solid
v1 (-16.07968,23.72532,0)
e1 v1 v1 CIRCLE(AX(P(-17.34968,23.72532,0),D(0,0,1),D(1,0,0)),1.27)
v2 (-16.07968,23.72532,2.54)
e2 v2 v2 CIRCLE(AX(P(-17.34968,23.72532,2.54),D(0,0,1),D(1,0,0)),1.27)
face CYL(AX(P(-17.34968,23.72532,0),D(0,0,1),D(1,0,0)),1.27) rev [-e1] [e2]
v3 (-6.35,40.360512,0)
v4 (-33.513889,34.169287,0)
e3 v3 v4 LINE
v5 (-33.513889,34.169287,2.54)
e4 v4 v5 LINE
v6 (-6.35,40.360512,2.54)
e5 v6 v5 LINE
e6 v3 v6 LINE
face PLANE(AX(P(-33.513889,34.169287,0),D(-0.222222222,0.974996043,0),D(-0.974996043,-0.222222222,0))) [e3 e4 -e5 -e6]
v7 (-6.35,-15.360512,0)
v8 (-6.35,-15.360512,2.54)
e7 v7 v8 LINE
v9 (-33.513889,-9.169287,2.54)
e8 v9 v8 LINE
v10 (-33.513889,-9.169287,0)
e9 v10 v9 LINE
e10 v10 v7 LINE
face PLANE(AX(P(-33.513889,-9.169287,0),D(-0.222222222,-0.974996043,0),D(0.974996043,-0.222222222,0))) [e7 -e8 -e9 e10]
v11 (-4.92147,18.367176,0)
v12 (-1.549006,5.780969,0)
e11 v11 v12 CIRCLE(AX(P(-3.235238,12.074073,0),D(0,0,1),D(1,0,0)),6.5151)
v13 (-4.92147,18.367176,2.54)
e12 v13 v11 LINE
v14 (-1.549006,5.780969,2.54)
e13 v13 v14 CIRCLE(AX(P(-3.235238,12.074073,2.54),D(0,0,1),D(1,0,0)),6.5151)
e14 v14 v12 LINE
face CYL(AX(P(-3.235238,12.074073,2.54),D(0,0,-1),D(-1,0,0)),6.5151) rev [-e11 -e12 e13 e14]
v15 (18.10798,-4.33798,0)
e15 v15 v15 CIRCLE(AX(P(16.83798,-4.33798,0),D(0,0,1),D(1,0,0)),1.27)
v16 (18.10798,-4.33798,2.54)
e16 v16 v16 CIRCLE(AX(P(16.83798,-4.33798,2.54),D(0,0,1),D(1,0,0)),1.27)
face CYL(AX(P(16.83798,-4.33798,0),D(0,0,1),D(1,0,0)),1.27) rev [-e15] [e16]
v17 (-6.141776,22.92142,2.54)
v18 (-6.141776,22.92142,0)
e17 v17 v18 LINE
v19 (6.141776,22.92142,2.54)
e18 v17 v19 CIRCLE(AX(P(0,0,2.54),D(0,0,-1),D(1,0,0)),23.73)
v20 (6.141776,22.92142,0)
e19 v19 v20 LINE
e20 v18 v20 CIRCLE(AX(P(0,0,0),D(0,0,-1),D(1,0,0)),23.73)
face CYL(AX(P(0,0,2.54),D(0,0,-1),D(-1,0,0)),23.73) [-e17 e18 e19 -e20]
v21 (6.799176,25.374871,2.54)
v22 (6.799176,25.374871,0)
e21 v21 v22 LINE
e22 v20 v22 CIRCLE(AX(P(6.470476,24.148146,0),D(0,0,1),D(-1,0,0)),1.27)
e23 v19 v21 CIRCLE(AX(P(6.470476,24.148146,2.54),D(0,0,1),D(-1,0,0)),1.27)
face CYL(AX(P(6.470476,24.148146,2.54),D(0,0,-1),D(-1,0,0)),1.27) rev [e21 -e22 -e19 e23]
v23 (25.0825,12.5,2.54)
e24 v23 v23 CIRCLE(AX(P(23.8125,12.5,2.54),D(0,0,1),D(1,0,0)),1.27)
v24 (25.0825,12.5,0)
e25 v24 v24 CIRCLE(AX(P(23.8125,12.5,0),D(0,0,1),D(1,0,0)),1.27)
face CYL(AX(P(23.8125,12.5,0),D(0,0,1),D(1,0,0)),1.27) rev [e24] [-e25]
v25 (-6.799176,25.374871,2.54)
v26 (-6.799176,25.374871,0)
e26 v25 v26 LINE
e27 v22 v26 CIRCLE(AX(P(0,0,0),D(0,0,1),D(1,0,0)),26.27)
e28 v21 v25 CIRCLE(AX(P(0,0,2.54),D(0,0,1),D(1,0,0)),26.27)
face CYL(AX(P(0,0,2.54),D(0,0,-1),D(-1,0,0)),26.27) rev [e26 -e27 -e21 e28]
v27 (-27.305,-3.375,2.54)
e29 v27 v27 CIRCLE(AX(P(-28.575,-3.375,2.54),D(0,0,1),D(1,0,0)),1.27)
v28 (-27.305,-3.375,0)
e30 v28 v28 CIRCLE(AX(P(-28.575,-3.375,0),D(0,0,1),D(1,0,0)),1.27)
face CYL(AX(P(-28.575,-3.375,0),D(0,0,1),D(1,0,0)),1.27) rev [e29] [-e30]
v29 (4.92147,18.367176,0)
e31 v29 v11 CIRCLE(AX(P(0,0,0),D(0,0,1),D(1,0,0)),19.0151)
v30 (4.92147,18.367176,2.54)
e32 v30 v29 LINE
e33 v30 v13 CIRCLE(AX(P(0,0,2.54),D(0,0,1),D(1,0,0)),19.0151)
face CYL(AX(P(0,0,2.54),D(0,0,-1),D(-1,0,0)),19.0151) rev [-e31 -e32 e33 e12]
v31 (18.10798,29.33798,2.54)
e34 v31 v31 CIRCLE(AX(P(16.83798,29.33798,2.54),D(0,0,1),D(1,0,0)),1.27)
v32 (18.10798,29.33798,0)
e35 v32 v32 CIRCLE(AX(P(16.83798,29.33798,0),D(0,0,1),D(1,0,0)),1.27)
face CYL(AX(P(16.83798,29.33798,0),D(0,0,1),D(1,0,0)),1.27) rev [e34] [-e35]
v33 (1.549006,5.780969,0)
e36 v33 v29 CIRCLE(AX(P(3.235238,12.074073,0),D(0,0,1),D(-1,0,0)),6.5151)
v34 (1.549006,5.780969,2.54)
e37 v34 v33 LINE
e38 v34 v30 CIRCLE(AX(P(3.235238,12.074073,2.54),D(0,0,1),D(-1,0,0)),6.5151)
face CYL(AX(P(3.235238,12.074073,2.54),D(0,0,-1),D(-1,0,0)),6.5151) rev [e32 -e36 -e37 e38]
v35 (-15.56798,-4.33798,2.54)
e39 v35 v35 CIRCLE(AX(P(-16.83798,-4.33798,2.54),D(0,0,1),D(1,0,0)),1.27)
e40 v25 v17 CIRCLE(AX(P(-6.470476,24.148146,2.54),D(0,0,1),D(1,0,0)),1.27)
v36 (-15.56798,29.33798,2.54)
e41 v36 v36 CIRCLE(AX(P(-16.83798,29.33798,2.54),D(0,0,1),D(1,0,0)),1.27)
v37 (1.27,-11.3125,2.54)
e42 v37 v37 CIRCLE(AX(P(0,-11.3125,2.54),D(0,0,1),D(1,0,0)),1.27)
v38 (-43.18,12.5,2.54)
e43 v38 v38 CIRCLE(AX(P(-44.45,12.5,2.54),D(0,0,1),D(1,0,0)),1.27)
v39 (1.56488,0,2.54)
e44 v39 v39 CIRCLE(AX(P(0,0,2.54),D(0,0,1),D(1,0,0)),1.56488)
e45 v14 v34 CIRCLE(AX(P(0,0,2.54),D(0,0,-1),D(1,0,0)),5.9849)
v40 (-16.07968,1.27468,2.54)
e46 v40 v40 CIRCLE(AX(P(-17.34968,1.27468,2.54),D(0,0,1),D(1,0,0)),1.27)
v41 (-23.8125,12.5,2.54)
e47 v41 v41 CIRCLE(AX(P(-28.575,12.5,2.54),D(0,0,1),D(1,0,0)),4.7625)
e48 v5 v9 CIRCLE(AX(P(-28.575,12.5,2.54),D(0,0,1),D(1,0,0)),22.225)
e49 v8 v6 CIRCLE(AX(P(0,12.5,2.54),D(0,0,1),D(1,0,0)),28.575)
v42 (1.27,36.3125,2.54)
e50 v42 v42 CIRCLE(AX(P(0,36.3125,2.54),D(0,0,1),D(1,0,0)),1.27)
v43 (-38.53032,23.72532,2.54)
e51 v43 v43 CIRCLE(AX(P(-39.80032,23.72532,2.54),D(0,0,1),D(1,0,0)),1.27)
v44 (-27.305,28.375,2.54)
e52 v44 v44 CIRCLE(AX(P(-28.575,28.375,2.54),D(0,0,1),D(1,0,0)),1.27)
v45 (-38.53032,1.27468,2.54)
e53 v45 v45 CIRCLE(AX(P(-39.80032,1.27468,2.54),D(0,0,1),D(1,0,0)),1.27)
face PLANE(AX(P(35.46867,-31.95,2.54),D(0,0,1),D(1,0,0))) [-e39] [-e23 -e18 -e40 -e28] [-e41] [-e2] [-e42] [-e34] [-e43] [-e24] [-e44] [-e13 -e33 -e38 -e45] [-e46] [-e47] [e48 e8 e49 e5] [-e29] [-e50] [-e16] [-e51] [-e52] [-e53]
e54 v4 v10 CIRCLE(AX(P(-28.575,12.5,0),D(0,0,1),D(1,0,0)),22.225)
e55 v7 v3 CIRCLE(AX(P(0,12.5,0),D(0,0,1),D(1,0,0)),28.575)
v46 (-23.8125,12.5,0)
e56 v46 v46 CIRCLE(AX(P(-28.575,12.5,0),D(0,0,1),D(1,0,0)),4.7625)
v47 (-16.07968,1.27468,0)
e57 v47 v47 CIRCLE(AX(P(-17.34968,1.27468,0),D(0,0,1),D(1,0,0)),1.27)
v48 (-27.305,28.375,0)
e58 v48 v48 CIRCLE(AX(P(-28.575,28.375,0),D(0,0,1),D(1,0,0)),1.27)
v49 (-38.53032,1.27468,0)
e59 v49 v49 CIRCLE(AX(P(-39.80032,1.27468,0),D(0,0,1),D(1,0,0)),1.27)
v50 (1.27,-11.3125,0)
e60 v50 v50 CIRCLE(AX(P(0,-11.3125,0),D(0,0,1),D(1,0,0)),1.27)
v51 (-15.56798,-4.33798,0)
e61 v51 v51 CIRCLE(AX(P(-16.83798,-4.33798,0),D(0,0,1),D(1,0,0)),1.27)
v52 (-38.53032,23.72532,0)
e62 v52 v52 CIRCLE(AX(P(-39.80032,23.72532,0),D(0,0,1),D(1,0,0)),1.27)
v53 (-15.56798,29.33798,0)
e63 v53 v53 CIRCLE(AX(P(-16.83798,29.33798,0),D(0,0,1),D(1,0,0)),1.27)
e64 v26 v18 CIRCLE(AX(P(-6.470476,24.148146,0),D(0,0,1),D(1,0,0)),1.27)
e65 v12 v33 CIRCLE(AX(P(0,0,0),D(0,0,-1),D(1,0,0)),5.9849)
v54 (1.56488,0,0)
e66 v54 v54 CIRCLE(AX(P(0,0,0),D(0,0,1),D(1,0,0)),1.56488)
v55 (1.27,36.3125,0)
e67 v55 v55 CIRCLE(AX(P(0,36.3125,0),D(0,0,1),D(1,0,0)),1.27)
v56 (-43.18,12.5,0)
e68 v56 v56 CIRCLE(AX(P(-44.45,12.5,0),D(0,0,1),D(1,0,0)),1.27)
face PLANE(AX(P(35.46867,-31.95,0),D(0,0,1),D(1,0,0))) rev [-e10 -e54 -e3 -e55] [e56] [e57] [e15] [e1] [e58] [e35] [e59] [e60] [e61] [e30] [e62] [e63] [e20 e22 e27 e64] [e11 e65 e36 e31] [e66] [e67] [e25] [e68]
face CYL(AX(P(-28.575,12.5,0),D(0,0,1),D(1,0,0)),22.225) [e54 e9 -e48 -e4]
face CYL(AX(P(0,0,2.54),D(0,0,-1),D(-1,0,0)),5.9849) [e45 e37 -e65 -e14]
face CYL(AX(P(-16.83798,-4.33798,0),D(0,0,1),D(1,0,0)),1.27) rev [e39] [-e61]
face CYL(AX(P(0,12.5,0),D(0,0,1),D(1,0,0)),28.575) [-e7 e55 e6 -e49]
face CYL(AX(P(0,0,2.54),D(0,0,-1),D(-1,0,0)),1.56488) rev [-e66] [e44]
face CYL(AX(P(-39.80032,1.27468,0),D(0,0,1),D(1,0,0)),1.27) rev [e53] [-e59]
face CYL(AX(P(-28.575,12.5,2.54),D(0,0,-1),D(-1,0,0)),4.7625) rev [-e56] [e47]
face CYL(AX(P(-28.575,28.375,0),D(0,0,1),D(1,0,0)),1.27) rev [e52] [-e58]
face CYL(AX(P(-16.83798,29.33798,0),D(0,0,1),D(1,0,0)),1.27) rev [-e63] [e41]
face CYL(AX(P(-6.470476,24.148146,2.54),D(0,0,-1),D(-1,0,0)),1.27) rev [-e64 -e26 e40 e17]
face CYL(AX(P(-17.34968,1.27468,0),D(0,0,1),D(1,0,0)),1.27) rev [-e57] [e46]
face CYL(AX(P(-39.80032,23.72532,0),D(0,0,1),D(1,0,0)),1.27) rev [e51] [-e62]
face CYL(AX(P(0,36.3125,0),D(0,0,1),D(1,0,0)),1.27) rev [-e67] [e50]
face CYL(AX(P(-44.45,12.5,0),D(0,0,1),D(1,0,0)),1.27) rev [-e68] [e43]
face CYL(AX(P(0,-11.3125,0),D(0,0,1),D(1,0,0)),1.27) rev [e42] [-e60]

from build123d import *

# Parameters (mm, degrees)
SKETCH1_W           = 127
SKETCH1_H           = 88.9
SKETCH1_R           = 1.564880276
SKETCH1_R_2         = 4.7625
BOSS_EXTRUDE1_DEPTH = 2.54
SKETCH2_W           = 177.519600035
SKETCH2_H           = 126.718171086
CUT_EXTRUDE1_DEPTH  = 108.831991492
SKETCH4_R           = 1.27
CUT_EXTRUDE2_DEPTH  = 66.377727285


with BuildPart() as part:
    # Sketch1 → Boss-Extrude1 (new body)
    with BuildSketch(Plane.XY):
        with Locations((-28.03132955, 12.5)):
            Rectangle(SKETCH1_W, SKETCH1_H)
        Circle(SKETCH1_R, mode=Mode.SUBTRACT)
        with Locations((-28.575, 12.5)):
            Circle(SKETCH1_R_2, mode=Mode.SUBTRACT)
        with BuildLine():
            ThreePointArc((4.921470025, 18.367176179), (9.528341415, 10.387840868), (1.549006103, 5.780969478))
            ThreePointArc((1.549006103, 5.780969478), (0, 5.9849), (-1.549006103, 5.780969478))
            ThreePointArc((-1.549006103, 5.780969478), (-9.528341415, 10.387840868), (-4.921470025, 18.367176179))
            ThreePointArc((-4.921470025, 18.367176179), (0, 19.0151), (4.921470025, 18.367176179))
        make_face(mode=Mode.SUBTRACT)
        with BuildLine():
            ThreePointArc((6.799176315, 25.374871457), (0, 26.27), (-6.799176315, 25.374871457))
            ThreePointArc((-6.799176315, 25.374871457), (-7.697201927, 23.81944547), (-6.14177594, 22.921419858))
            ThreePointArc((-6.14177594, 22.921419858), (0, 23.73), (6.14177594, 22.921419858))
            ThreePointArc((6.14177594, 22.921419858), (7.697201927, 23.81944547), (6.799176315, 25.374871457))
        make_face(mode=Mode.SUBTRACT)
    extrude(amount=BOSS_EXTRUDE1_DEPTH)

    # Sketch2 → Cut-Extrude1 (cut, through all)
    with BuildSketch(Plane.XY.offset(2.54)):
        with Locations((-18.257651528, 17.008273159)):
            Rectangle(SKETCH2_W, SKETCH2_H)
        with BuildLine():
            Line((-33.513888889, 34.169287057), (-6.35, 40.36051193))
            ThreePointArc((-6.35, 40.36051193), (28.575, 12.5), (-6.35, -15.36051193))
            Line((-6.35, -15.36051193), (-33.513888889, -9.169287057))
            ThreePointArc((-33.513888889, -9.169287057), (-50.8, 12.5), (-33.513888889, 34.169287057))
        make_face(mode=Mode.SUBTRACT)
    extrude(amount=-CUT_EXTRUDE1_DEPTH, mode=Mode.SUBTRACT)

    # Sketch4 → Cut-Extrude2 (cut, through all)
    with BuildSketch(Plane.XY.offset(2.54)):
        with Locations((-28.575, 28.375)):
            Circle(SKETCH4_R)
        with Locations((0, 36.3125)):
            Circle(SKETCH4_R)
        with Locations((-17.349679849, 23.725320151)):
            Circle(SKETCH4_R)
        with Locations((-17.349679849, 1.274679849)):
            Circle(SKETCH4_R)
        with Locations((-28.575, -3.375)):
            Circle(SKETCH4_R)
        with Locations((-39.800320151, 1.274679849)):
            Circle(SKETCH4_R)
        with Locations((-44.45, 12.5)):
            Circle(SKETCH4_R)
        with Locations((-39.800320151, 23.725320151)):
            Circle(SKETCH4_R)
        with Locations((16.837980227, 29.337980227)):
            Circle(SKETCH4_R)
        with Locations((23.8125, 12.5)):
            Circle(SKETCH4_R)
        with Locations((16.837980227, -4.337980227)):
            Circle(SKETCH4_R)
        with Locations((0, -11.3125)):
            Circle(SKETCH4_R)
        with Locations((-16.837980227, -4.337980227)):
            Circle(SKETCH4_R)
        with Locations((-16.837980227, 29.337980227)):
            Circle(SKETCH4_R)
    extrude(amount=-CUT_EXTRUDE2_DEPTH, mode=Mode.SUBTRACT)


solid = part.part
